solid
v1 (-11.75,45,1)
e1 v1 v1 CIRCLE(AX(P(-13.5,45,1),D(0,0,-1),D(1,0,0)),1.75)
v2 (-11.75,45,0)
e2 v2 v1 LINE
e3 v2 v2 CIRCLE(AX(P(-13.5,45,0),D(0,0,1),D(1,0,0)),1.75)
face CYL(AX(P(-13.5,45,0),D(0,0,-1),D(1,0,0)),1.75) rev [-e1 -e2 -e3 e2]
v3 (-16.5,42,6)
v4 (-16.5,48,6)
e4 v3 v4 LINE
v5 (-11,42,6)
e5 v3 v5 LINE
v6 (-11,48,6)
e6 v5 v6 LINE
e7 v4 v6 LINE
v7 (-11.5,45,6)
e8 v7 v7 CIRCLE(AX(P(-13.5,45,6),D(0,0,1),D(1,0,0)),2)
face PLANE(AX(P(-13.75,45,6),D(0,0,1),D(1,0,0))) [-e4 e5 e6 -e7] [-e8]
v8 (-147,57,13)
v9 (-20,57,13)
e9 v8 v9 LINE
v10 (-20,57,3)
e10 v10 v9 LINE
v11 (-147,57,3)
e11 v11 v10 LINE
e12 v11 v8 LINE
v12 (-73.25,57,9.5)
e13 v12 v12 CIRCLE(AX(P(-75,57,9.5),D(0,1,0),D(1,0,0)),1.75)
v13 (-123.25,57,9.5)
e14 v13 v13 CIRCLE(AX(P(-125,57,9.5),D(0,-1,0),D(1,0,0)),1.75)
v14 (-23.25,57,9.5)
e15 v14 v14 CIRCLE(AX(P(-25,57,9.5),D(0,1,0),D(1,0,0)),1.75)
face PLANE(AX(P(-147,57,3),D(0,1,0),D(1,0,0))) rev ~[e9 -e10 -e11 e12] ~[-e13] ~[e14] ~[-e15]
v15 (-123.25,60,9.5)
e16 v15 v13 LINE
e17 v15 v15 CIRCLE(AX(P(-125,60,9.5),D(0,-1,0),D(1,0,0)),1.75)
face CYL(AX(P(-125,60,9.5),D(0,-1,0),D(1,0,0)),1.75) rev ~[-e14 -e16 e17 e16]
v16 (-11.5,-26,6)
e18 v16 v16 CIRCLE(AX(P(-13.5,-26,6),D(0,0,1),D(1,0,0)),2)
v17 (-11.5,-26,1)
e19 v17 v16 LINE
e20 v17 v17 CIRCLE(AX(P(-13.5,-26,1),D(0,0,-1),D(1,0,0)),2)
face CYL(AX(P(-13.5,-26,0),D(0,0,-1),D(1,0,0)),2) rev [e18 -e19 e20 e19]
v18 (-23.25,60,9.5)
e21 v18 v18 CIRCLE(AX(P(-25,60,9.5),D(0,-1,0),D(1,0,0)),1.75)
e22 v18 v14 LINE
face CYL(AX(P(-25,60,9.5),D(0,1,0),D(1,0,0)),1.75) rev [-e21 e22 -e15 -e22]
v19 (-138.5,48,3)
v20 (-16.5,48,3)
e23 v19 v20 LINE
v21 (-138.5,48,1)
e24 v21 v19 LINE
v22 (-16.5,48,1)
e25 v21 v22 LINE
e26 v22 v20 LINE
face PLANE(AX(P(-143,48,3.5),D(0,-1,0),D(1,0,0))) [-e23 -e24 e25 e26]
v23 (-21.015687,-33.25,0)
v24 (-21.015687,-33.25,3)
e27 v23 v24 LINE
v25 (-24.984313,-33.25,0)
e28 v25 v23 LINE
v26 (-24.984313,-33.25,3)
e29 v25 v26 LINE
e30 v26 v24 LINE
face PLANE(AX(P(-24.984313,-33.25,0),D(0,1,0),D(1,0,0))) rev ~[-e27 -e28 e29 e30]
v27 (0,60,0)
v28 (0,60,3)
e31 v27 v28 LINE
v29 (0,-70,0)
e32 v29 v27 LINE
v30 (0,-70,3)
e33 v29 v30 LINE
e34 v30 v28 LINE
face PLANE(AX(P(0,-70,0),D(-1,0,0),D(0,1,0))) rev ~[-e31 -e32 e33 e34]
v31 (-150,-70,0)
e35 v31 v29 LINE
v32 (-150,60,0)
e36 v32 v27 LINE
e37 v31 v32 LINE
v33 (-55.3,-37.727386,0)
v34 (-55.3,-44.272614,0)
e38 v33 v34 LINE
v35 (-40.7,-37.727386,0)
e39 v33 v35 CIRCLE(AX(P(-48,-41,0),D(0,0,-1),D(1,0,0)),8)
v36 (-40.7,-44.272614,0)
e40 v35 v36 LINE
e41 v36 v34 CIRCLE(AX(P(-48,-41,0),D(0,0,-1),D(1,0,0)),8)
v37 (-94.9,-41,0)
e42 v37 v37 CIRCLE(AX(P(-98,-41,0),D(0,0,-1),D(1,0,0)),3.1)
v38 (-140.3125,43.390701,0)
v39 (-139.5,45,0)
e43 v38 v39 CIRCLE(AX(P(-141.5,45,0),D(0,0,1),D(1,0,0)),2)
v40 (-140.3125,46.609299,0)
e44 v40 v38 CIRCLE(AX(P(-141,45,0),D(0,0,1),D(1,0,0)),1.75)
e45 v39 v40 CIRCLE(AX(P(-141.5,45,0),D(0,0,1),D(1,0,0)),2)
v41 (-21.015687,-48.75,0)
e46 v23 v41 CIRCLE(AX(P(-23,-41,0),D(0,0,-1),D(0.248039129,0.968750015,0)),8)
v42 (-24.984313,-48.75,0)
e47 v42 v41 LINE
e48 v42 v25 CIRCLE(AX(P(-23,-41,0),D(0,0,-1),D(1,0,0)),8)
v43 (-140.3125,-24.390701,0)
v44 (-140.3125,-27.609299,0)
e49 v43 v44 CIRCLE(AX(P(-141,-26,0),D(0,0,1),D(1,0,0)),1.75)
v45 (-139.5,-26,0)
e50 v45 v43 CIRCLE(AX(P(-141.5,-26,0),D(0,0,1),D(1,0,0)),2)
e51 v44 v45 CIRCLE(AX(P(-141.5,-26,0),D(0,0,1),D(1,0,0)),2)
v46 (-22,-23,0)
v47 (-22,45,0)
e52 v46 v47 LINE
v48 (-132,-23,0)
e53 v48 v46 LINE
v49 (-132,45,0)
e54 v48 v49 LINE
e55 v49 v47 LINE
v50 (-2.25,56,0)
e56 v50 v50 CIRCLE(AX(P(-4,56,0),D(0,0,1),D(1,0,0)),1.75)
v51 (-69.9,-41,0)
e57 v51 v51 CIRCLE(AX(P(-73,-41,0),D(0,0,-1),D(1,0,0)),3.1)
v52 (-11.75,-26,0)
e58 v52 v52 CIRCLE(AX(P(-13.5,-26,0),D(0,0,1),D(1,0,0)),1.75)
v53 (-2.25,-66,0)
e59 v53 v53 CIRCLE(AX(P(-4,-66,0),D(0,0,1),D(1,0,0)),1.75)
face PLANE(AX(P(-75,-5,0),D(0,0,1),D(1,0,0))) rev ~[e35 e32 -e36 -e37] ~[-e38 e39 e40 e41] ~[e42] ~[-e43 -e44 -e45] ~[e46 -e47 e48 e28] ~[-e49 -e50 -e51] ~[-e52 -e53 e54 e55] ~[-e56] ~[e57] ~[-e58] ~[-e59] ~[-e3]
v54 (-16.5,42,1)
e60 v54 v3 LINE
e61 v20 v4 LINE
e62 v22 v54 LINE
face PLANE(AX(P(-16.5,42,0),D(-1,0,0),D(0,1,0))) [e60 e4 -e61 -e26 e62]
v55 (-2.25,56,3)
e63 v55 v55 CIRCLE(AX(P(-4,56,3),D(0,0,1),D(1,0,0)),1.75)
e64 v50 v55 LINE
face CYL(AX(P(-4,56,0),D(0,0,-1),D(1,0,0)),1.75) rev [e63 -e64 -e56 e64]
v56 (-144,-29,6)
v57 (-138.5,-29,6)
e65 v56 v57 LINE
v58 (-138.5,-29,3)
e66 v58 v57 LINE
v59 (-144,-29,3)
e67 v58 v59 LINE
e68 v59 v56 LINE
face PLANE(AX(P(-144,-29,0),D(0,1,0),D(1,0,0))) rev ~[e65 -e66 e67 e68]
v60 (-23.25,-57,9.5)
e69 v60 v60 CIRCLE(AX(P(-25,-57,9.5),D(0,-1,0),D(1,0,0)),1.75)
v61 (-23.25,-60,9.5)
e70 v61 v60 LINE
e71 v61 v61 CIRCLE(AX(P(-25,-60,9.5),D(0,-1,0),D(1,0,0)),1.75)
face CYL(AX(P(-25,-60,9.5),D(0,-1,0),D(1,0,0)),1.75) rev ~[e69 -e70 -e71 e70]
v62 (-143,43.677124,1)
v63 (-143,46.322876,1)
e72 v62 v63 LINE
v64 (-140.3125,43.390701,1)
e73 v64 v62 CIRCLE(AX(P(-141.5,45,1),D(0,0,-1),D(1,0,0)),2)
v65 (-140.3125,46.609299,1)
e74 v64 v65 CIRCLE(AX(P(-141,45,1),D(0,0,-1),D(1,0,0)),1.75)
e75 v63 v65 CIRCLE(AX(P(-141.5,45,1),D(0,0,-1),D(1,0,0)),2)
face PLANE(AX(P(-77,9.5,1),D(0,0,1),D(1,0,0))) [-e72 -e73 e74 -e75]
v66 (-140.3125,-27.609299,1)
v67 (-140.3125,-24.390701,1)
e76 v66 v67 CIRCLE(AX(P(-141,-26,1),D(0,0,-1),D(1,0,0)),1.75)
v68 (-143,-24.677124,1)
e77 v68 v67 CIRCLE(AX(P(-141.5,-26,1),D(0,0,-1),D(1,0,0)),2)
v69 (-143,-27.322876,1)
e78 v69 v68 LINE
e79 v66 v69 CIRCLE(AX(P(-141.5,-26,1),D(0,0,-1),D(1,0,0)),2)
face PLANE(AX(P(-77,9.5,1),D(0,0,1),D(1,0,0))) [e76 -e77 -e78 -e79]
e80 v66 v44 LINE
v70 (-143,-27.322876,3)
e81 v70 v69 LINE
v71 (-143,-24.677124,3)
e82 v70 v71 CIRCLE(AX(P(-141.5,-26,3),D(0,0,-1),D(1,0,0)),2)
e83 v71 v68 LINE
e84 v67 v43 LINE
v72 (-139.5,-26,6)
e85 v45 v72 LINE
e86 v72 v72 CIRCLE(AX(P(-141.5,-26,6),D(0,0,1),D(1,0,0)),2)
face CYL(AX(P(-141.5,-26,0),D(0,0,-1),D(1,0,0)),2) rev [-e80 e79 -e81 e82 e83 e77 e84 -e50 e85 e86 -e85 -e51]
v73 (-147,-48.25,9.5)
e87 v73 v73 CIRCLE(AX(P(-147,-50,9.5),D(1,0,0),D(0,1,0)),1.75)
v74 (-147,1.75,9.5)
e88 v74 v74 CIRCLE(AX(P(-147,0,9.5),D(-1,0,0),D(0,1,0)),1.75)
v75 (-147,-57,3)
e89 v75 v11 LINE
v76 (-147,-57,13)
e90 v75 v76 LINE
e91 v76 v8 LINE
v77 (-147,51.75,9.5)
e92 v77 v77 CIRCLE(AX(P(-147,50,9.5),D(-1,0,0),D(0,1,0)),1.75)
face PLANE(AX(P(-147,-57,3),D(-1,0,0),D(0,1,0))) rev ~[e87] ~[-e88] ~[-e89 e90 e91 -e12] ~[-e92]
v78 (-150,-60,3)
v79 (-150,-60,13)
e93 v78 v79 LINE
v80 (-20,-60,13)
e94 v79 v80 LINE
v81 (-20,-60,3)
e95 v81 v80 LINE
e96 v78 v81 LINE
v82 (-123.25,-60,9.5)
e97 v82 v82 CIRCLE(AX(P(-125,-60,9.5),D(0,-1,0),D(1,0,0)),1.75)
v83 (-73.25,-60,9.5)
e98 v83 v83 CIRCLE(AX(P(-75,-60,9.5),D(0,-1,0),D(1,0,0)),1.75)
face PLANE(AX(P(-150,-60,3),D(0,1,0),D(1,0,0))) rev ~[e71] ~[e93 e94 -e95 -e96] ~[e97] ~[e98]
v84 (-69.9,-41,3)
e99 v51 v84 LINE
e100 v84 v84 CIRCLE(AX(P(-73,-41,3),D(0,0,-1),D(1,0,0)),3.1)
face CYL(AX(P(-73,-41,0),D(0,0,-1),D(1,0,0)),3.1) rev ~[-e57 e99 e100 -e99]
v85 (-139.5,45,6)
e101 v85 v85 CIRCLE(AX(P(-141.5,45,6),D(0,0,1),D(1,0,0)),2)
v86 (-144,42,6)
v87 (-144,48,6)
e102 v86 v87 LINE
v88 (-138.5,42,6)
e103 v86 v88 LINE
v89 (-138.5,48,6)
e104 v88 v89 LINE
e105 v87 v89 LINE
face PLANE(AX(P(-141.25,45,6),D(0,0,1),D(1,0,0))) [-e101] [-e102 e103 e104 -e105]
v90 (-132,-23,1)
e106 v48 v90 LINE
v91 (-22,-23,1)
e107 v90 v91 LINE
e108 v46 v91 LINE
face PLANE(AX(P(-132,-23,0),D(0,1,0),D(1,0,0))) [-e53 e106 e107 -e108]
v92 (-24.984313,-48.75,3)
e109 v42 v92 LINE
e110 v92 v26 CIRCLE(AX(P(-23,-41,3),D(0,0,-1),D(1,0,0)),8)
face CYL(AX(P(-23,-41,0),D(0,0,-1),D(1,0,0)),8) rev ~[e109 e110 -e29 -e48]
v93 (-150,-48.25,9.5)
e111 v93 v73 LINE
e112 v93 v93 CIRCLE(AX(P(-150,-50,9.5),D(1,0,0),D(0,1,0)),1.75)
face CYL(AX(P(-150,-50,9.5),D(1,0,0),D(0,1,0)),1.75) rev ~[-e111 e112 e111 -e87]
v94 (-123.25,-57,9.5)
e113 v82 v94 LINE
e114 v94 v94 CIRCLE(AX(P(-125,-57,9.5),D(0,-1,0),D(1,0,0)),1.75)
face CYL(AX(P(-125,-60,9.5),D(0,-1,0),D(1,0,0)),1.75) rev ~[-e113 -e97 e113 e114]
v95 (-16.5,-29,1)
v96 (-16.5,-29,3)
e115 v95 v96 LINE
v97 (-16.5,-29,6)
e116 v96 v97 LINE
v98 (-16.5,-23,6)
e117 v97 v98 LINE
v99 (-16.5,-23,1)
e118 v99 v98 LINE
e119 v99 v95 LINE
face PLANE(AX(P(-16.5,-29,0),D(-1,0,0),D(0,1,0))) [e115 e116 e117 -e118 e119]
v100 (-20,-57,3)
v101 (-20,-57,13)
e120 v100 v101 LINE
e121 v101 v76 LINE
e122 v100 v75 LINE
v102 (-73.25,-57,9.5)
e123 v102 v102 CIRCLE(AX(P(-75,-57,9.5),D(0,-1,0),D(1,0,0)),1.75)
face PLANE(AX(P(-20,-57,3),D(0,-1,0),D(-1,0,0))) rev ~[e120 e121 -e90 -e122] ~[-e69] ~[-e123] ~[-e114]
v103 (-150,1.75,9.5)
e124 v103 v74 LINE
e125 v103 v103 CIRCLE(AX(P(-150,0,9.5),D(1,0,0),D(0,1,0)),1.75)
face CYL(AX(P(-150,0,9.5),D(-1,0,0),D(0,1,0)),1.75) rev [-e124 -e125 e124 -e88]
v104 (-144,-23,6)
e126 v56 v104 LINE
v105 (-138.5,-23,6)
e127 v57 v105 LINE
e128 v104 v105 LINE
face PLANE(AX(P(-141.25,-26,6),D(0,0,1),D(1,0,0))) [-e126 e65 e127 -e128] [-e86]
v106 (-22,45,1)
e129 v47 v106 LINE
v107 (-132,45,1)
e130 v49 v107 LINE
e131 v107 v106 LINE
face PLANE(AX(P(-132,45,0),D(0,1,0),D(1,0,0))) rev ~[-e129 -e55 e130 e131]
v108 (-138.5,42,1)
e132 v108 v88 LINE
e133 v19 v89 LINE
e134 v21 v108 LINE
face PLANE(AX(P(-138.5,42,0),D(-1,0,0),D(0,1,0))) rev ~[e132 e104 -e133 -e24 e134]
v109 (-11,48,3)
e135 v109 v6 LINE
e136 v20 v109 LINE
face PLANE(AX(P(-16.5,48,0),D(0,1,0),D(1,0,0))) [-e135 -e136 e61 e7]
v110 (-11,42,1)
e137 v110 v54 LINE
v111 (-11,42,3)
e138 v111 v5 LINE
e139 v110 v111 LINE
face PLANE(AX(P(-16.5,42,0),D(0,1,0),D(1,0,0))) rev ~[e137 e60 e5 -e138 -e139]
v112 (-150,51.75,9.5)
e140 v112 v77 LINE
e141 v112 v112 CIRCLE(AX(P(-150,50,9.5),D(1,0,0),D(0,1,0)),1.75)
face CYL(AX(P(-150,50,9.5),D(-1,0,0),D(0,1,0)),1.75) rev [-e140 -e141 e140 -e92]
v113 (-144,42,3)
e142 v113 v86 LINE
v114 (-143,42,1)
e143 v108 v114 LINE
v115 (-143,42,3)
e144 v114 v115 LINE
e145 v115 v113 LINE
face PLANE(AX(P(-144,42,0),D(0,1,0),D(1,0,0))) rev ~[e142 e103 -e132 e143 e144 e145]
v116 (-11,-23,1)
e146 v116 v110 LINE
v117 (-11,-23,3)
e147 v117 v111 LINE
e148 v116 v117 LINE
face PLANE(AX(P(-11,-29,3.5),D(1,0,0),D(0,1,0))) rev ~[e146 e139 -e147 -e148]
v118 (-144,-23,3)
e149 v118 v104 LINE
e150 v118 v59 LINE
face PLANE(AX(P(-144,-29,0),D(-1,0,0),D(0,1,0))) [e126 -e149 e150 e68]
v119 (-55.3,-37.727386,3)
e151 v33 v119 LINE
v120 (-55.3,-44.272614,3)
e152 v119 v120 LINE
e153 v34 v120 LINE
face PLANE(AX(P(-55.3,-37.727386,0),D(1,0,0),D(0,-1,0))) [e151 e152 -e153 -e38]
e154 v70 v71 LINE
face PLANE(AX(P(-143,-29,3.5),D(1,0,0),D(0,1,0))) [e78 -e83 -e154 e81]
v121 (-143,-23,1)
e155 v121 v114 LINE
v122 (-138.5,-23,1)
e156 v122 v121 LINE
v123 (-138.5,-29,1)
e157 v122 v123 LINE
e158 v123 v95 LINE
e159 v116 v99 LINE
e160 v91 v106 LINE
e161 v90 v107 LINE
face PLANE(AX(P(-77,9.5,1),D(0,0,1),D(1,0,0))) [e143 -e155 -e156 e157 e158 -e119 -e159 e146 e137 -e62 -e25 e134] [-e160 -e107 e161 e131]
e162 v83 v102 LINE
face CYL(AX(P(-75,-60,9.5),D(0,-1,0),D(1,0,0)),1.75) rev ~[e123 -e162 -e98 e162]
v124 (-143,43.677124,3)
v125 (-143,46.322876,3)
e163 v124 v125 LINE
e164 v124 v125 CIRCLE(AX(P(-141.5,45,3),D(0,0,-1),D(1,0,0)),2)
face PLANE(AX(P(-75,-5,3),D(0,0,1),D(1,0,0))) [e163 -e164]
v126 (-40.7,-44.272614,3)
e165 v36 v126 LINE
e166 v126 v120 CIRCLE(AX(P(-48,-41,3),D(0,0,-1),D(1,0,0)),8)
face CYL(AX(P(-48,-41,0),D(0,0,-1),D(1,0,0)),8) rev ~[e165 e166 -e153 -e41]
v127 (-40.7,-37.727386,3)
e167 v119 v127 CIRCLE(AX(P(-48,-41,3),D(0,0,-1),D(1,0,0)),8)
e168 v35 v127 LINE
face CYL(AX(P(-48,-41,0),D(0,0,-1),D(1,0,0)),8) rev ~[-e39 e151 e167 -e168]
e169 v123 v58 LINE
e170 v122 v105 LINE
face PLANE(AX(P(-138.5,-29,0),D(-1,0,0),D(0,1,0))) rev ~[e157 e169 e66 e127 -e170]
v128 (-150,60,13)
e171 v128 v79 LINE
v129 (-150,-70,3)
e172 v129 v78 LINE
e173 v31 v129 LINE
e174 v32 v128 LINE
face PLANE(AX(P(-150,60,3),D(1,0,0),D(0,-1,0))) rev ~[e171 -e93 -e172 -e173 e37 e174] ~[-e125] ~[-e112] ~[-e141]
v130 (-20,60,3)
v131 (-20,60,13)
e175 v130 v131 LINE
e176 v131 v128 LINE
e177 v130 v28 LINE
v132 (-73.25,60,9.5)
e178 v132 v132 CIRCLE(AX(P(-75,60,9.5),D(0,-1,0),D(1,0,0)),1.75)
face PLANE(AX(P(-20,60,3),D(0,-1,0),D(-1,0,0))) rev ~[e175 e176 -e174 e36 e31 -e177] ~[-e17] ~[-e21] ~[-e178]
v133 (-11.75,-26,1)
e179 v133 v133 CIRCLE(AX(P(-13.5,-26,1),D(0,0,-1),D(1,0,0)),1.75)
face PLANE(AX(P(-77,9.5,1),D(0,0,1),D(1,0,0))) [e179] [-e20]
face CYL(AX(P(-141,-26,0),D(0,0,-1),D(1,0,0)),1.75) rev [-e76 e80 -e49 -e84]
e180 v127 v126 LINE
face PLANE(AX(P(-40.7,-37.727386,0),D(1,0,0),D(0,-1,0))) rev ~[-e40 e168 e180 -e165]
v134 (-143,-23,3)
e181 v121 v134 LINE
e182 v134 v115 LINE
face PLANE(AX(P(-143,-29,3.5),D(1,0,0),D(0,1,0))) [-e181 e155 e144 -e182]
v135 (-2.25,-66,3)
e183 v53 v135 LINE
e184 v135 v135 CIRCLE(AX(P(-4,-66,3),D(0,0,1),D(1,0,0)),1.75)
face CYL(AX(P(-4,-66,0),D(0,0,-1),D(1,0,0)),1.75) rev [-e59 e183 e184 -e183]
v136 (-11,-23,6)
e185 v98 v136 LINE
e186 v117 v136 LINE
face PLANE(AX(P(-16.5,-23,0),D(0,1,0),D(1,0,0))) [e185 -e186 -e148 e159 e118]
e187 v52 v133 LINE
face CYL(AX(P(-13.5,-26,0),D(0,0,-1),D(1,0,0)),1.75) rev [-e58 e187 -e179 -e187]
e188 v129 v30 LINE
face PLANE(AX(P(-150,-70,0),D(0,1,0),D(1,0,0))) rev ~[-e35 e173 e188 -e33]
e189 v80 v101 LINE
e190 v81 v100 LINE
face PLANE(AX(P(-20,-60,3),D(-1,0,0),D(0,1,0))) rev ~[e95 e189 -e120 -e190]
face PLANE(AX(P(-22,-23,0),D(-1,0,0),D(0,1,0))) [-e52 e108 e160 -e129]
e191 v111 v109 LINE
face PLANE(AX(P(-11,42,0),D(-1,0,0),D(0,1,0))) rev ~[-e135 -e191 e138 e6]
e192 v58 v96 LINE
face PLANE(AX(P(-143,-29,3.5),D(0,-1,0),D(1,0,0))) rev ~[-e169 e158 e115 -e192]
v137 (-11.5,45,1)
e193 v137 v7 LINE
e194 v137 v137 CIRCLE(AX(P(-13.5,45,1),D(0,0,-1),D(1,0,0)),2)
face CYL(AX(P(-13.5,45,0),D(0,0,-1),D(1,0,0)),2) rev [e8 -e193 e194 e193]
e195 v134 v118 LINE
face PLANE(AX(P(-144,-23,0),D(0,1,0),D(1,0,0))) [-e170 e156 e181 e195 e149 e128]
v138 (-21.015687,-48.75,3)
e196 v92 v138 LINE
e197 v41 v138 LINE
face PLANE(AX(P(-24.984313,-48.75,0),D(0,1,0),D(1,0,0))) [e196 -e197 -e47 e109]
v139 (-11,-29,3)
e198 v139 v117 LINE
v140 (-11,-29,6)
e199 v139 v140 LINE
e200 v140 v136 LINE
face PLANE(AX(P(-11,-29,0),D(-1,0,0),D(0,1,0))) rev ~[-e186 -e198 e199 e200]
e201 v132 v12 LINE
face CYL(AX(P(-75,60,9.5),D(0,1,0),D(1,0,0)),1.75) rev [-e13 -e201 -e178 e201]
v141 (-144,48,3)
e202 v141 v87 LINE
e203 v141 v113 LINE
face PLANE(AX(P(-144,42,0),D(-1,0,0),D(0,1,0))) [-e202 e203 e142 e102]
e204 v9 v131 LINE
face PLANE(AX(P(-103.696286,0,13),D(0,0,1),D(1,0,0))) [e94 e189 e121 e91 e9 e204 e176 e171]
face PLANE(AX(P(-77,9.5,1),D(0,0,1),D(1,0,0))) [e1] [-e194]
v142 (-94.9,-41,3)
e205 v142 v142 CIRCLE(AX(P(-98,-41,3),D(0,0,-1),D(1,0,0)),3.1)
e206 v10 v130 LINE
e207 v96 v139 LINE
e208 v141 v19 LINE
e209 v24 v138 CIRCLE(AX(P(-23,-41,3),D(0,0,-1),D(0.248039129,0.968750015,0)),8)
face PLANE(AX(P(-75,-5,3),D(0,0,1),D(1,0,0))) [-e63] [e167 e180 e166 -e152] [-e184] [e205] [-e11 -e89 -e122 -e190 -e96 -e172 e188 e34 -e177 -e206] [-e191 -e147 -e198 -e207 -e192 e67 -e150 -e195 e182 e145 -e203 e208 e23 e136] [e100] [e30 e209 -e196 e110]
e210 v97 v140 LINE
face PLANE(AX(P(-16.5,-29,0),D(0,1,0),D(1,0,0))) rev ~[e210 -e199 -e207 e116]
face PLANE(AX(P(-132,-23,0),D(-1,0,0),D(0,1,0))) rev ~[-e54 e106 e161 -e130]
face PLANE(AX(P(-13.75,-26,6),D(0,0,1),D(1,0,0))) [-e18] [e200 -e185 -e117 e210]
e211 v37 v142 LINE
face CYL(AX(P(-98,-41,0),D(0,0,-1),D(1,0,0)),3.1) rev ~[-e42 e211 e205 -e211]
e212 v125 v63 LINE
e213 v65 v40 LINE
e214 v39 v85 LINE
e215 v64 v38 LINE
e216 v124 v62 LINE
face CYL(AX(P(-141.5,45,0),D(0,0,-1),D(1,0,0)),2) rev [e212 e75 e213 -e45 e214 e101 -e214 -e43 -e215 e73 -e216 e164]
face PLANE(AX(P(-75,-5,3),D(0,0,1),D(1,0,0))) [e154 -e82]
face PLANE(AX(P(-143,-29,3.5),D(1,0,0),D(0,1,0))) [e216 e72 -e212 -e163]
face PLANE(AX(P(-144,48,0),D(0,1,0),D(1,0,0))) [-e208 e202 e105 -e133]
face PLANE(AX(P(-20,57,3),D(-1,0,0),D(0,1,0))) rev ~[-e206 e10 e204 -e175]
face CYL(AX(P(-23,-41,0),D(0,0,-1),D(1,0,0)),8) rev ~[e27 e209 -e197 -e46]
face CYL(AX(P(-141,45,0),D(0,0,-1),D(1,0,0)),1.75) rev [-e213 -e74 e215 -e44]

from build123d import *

# Parameters (mm, degrees)
SKETCH_W        = 150
SKETCH_H        = 130
SKETCH_R        = 1.75
SKETCH_W_2      = 110
SKETCH_H_2      = 68
PAD_DEPTH       = 3
SKETCH002_W     = 132
SKETCH002_H     = 77
POCKET001_DEPTH = 2.5
SKETCH007_W     = 5.5
SKETCH007_H     = 6
SKETCH007_R     = 2
PAD002_DEPTH    = 6
PAD003_DEPTH    = 10
SKETCH010_R     = 1.75
POCKET002_DEPTH = 6
SKETCH011_R     = 1.75
POCKET003_DEPTH = 7.5
SKETCH012_R     = 1.75
POCKET004_DEPTH = 7.5
SKETCH015_R     = 8
SKETCH015_R_2   = 3.1
POCKET_DEPTH    = 13.001
SKETCH016_W     = 3.968626
SKETCH016_H     = 0.25
SKETCH016_W_2   = 0.7
SKETCH016_H_2   = 6.545228
PAD004_DEPTH    = 3


with BuildPart() as part:
    # Sketch → Pad (new body)
    with BuildSketch(Plane.XY):
        with Locations((-75, -5)):
            Rectangle(SKETCH_W, SKETCH_H)
        with Locations((-141, 45)):
            Circle(SKETCH_R, mode=Mode.SUBTRACT)
        with Locations((-141, -26)):
            Circle(SKETCH_R, mode=Mode.SUBTRACT)
        with Locations((-13.5, 45)):
            Circle(SKETCH_R, mode=Mode.SUBTRACT)
        with Locations((-13.5, -26)):
            Circle(SKETCH_R, mode=Mode.SUBTRACT)
        with Locations((-4, 56)):
            Circle(SKETCH_R, mode=Mode.SUBTRACT)
        with Locations((-4, -66)):
            Circle(SKETCH_R, mode=Mode.SUBTRACT)
        with Locations((-77, 11)):
            Rectangle(SKETCH_W_2, SKETCH_H_2, mode=Mode.SUBTRACT)
    extrude(amount=PAD_DEPTH)

    # Sketch002 → Pocket001 (cut)
    with BuildSketch(Plane.XY.offset(3.5)):
        with Locations((-77, 9.5)):
            Rectangle(SKETCH002_W, SKETCH002_H)
    extrude(amount=-POCKET001_DEPTH, mode=Mode.SUBTRACT)

    # Sketch007 → Pad002 (join)
    with BuildSketch(Plane.XY):
        with Locations((-141.25, 45)):
            Rectangle(SKETCH007_W, SKETCH007_H)
        with Locations((-141.5, 45)):
            Circle(SKETCH007_R, mode=Mode.SUBTRACT)
        with Locations((-13.75, 45)):
            Rectangle(SKETCH007_W, SKETCH007_H)
        with Locations((-13.5, 45)):
            Circle(SKETCH007_R, mode=Mode.SUBTRACT)
        with Locations((-13.75, -26)):
            Rectangle(SKETCH007_W, SKETCH007_H)
        with Locations((-13.5, -26)):
            Circle(SKETCH007_R, mode=Mode.SUBTRACT)
        with Locations((-141.25, -26)):
            Rectangle(SKETCH007_W, SKETCH007_H)
        with Locations((-141.5, -26)):
            Circle(SKETCH007_R, mode=Mode.SUBTRACT)
    extrude(amount=PAD002_DEPTH)

    # Sketch003 (on DatumPlane) → Pad003 (join)
    with BuildSketch(Plane.XY.offset(3)):
        Polygon((-20, 60), (-150, 60), (-150, -60), (-20, -60), (-20, -57), (-147, -57), (-147, 57), (-20, 57), align=None)
    extrude(amount=PAD003_DEPTH)

    # Sketch010 → Pocket002 (cut)
    with BuildSketch(Plane.XZ.offset(60)):
        with Locations((-125, 9.5)):
            Circle(SKETCH010_R)
        with Locations((-25, 9.5)):
            Circle(SKETCH010_R)
        with Locations((-75, 9.5)):
            Circle(SKETCH010_R)
    extrude(amount=-POCKET002_DEPTH, mode=Mode.SUBTRACT)

    # Sketch011 → Pocket003 (cut, symmetric)
    with BuildSketch(Plane.XZ.offset(-60)):
        with Locations((-75, 9.5)):
            Circle(SKETCH011_R)
        with Locations((-25, 9.5)):
            Circle(SKETCH011_R)
        with Locations((-125, 9.5)):
            Circle(SKETCH011_R)
    extrude(amount=POCKET003_DEPTH, both=True, mode=Mode.SUBTRACT)

    # Sketch012 (on DatumPlane) → Pocket004 (cut, symmetric)
    with BuildSketch(Plane.YZ.offset(-150)):
        with Locations((0, 9.5)):
            Circle(SKETCH012_R)
        with Locations((50, 9.5)):
            Circle(SKETCH012_R)
        with Locations((-50, 9.5)):
            Circle(SKETCH012_R)
    extrude(amount=POCKET004_DEPTH, both=True, mode=Mode.SUBTRACT)

    # Sketch015 → Pocket (cut, through all)
    with BuildSketch(Plane(origin=(0, 0, 0), x_dir=(1, 0, 0), z_dir=(0, 0, -1))):
        with Locations((-48, 41)):
            Circle(SKETCH015_R)
        with Locations((-73, 41)):
            Circle(SKETCH015_R_2)
        with Locations((-98, 41)):
            Circle(SKETCH015_R_2)
        with Locations((-23, 41)):
            Circle(SKETCH015_R)
    extrude(amount=-POCKET_DEPTH, mode=Mode.SUBTRACT)

    # Sketch016 (on Face4 of Pocket) → Pad004 (join)
    with BuildSketch(Plane(origin=(0, 0, 0), x_dir=(1, 0, 0), z_dir=(0, 0, -1))):
        with Locations((-23, 48.875)):
            Rectangle(SKETCH016_W, SKETCH016_H)
        with Locations((-23, 33.125)):
            Rectangle(SKETCH016_W, SKETCH016_H)
        with Locations((-55.65, 41)):
            Rectangle(SKETCH016_W_2, SKETCH016_H_2)
        with Locations((-40.35, 41)):
            Rectangle(SKETCH016_W_2, SKETCH016_H_2)
    extrude(amount=-PAD004_DEPTH)


solid = part.part
